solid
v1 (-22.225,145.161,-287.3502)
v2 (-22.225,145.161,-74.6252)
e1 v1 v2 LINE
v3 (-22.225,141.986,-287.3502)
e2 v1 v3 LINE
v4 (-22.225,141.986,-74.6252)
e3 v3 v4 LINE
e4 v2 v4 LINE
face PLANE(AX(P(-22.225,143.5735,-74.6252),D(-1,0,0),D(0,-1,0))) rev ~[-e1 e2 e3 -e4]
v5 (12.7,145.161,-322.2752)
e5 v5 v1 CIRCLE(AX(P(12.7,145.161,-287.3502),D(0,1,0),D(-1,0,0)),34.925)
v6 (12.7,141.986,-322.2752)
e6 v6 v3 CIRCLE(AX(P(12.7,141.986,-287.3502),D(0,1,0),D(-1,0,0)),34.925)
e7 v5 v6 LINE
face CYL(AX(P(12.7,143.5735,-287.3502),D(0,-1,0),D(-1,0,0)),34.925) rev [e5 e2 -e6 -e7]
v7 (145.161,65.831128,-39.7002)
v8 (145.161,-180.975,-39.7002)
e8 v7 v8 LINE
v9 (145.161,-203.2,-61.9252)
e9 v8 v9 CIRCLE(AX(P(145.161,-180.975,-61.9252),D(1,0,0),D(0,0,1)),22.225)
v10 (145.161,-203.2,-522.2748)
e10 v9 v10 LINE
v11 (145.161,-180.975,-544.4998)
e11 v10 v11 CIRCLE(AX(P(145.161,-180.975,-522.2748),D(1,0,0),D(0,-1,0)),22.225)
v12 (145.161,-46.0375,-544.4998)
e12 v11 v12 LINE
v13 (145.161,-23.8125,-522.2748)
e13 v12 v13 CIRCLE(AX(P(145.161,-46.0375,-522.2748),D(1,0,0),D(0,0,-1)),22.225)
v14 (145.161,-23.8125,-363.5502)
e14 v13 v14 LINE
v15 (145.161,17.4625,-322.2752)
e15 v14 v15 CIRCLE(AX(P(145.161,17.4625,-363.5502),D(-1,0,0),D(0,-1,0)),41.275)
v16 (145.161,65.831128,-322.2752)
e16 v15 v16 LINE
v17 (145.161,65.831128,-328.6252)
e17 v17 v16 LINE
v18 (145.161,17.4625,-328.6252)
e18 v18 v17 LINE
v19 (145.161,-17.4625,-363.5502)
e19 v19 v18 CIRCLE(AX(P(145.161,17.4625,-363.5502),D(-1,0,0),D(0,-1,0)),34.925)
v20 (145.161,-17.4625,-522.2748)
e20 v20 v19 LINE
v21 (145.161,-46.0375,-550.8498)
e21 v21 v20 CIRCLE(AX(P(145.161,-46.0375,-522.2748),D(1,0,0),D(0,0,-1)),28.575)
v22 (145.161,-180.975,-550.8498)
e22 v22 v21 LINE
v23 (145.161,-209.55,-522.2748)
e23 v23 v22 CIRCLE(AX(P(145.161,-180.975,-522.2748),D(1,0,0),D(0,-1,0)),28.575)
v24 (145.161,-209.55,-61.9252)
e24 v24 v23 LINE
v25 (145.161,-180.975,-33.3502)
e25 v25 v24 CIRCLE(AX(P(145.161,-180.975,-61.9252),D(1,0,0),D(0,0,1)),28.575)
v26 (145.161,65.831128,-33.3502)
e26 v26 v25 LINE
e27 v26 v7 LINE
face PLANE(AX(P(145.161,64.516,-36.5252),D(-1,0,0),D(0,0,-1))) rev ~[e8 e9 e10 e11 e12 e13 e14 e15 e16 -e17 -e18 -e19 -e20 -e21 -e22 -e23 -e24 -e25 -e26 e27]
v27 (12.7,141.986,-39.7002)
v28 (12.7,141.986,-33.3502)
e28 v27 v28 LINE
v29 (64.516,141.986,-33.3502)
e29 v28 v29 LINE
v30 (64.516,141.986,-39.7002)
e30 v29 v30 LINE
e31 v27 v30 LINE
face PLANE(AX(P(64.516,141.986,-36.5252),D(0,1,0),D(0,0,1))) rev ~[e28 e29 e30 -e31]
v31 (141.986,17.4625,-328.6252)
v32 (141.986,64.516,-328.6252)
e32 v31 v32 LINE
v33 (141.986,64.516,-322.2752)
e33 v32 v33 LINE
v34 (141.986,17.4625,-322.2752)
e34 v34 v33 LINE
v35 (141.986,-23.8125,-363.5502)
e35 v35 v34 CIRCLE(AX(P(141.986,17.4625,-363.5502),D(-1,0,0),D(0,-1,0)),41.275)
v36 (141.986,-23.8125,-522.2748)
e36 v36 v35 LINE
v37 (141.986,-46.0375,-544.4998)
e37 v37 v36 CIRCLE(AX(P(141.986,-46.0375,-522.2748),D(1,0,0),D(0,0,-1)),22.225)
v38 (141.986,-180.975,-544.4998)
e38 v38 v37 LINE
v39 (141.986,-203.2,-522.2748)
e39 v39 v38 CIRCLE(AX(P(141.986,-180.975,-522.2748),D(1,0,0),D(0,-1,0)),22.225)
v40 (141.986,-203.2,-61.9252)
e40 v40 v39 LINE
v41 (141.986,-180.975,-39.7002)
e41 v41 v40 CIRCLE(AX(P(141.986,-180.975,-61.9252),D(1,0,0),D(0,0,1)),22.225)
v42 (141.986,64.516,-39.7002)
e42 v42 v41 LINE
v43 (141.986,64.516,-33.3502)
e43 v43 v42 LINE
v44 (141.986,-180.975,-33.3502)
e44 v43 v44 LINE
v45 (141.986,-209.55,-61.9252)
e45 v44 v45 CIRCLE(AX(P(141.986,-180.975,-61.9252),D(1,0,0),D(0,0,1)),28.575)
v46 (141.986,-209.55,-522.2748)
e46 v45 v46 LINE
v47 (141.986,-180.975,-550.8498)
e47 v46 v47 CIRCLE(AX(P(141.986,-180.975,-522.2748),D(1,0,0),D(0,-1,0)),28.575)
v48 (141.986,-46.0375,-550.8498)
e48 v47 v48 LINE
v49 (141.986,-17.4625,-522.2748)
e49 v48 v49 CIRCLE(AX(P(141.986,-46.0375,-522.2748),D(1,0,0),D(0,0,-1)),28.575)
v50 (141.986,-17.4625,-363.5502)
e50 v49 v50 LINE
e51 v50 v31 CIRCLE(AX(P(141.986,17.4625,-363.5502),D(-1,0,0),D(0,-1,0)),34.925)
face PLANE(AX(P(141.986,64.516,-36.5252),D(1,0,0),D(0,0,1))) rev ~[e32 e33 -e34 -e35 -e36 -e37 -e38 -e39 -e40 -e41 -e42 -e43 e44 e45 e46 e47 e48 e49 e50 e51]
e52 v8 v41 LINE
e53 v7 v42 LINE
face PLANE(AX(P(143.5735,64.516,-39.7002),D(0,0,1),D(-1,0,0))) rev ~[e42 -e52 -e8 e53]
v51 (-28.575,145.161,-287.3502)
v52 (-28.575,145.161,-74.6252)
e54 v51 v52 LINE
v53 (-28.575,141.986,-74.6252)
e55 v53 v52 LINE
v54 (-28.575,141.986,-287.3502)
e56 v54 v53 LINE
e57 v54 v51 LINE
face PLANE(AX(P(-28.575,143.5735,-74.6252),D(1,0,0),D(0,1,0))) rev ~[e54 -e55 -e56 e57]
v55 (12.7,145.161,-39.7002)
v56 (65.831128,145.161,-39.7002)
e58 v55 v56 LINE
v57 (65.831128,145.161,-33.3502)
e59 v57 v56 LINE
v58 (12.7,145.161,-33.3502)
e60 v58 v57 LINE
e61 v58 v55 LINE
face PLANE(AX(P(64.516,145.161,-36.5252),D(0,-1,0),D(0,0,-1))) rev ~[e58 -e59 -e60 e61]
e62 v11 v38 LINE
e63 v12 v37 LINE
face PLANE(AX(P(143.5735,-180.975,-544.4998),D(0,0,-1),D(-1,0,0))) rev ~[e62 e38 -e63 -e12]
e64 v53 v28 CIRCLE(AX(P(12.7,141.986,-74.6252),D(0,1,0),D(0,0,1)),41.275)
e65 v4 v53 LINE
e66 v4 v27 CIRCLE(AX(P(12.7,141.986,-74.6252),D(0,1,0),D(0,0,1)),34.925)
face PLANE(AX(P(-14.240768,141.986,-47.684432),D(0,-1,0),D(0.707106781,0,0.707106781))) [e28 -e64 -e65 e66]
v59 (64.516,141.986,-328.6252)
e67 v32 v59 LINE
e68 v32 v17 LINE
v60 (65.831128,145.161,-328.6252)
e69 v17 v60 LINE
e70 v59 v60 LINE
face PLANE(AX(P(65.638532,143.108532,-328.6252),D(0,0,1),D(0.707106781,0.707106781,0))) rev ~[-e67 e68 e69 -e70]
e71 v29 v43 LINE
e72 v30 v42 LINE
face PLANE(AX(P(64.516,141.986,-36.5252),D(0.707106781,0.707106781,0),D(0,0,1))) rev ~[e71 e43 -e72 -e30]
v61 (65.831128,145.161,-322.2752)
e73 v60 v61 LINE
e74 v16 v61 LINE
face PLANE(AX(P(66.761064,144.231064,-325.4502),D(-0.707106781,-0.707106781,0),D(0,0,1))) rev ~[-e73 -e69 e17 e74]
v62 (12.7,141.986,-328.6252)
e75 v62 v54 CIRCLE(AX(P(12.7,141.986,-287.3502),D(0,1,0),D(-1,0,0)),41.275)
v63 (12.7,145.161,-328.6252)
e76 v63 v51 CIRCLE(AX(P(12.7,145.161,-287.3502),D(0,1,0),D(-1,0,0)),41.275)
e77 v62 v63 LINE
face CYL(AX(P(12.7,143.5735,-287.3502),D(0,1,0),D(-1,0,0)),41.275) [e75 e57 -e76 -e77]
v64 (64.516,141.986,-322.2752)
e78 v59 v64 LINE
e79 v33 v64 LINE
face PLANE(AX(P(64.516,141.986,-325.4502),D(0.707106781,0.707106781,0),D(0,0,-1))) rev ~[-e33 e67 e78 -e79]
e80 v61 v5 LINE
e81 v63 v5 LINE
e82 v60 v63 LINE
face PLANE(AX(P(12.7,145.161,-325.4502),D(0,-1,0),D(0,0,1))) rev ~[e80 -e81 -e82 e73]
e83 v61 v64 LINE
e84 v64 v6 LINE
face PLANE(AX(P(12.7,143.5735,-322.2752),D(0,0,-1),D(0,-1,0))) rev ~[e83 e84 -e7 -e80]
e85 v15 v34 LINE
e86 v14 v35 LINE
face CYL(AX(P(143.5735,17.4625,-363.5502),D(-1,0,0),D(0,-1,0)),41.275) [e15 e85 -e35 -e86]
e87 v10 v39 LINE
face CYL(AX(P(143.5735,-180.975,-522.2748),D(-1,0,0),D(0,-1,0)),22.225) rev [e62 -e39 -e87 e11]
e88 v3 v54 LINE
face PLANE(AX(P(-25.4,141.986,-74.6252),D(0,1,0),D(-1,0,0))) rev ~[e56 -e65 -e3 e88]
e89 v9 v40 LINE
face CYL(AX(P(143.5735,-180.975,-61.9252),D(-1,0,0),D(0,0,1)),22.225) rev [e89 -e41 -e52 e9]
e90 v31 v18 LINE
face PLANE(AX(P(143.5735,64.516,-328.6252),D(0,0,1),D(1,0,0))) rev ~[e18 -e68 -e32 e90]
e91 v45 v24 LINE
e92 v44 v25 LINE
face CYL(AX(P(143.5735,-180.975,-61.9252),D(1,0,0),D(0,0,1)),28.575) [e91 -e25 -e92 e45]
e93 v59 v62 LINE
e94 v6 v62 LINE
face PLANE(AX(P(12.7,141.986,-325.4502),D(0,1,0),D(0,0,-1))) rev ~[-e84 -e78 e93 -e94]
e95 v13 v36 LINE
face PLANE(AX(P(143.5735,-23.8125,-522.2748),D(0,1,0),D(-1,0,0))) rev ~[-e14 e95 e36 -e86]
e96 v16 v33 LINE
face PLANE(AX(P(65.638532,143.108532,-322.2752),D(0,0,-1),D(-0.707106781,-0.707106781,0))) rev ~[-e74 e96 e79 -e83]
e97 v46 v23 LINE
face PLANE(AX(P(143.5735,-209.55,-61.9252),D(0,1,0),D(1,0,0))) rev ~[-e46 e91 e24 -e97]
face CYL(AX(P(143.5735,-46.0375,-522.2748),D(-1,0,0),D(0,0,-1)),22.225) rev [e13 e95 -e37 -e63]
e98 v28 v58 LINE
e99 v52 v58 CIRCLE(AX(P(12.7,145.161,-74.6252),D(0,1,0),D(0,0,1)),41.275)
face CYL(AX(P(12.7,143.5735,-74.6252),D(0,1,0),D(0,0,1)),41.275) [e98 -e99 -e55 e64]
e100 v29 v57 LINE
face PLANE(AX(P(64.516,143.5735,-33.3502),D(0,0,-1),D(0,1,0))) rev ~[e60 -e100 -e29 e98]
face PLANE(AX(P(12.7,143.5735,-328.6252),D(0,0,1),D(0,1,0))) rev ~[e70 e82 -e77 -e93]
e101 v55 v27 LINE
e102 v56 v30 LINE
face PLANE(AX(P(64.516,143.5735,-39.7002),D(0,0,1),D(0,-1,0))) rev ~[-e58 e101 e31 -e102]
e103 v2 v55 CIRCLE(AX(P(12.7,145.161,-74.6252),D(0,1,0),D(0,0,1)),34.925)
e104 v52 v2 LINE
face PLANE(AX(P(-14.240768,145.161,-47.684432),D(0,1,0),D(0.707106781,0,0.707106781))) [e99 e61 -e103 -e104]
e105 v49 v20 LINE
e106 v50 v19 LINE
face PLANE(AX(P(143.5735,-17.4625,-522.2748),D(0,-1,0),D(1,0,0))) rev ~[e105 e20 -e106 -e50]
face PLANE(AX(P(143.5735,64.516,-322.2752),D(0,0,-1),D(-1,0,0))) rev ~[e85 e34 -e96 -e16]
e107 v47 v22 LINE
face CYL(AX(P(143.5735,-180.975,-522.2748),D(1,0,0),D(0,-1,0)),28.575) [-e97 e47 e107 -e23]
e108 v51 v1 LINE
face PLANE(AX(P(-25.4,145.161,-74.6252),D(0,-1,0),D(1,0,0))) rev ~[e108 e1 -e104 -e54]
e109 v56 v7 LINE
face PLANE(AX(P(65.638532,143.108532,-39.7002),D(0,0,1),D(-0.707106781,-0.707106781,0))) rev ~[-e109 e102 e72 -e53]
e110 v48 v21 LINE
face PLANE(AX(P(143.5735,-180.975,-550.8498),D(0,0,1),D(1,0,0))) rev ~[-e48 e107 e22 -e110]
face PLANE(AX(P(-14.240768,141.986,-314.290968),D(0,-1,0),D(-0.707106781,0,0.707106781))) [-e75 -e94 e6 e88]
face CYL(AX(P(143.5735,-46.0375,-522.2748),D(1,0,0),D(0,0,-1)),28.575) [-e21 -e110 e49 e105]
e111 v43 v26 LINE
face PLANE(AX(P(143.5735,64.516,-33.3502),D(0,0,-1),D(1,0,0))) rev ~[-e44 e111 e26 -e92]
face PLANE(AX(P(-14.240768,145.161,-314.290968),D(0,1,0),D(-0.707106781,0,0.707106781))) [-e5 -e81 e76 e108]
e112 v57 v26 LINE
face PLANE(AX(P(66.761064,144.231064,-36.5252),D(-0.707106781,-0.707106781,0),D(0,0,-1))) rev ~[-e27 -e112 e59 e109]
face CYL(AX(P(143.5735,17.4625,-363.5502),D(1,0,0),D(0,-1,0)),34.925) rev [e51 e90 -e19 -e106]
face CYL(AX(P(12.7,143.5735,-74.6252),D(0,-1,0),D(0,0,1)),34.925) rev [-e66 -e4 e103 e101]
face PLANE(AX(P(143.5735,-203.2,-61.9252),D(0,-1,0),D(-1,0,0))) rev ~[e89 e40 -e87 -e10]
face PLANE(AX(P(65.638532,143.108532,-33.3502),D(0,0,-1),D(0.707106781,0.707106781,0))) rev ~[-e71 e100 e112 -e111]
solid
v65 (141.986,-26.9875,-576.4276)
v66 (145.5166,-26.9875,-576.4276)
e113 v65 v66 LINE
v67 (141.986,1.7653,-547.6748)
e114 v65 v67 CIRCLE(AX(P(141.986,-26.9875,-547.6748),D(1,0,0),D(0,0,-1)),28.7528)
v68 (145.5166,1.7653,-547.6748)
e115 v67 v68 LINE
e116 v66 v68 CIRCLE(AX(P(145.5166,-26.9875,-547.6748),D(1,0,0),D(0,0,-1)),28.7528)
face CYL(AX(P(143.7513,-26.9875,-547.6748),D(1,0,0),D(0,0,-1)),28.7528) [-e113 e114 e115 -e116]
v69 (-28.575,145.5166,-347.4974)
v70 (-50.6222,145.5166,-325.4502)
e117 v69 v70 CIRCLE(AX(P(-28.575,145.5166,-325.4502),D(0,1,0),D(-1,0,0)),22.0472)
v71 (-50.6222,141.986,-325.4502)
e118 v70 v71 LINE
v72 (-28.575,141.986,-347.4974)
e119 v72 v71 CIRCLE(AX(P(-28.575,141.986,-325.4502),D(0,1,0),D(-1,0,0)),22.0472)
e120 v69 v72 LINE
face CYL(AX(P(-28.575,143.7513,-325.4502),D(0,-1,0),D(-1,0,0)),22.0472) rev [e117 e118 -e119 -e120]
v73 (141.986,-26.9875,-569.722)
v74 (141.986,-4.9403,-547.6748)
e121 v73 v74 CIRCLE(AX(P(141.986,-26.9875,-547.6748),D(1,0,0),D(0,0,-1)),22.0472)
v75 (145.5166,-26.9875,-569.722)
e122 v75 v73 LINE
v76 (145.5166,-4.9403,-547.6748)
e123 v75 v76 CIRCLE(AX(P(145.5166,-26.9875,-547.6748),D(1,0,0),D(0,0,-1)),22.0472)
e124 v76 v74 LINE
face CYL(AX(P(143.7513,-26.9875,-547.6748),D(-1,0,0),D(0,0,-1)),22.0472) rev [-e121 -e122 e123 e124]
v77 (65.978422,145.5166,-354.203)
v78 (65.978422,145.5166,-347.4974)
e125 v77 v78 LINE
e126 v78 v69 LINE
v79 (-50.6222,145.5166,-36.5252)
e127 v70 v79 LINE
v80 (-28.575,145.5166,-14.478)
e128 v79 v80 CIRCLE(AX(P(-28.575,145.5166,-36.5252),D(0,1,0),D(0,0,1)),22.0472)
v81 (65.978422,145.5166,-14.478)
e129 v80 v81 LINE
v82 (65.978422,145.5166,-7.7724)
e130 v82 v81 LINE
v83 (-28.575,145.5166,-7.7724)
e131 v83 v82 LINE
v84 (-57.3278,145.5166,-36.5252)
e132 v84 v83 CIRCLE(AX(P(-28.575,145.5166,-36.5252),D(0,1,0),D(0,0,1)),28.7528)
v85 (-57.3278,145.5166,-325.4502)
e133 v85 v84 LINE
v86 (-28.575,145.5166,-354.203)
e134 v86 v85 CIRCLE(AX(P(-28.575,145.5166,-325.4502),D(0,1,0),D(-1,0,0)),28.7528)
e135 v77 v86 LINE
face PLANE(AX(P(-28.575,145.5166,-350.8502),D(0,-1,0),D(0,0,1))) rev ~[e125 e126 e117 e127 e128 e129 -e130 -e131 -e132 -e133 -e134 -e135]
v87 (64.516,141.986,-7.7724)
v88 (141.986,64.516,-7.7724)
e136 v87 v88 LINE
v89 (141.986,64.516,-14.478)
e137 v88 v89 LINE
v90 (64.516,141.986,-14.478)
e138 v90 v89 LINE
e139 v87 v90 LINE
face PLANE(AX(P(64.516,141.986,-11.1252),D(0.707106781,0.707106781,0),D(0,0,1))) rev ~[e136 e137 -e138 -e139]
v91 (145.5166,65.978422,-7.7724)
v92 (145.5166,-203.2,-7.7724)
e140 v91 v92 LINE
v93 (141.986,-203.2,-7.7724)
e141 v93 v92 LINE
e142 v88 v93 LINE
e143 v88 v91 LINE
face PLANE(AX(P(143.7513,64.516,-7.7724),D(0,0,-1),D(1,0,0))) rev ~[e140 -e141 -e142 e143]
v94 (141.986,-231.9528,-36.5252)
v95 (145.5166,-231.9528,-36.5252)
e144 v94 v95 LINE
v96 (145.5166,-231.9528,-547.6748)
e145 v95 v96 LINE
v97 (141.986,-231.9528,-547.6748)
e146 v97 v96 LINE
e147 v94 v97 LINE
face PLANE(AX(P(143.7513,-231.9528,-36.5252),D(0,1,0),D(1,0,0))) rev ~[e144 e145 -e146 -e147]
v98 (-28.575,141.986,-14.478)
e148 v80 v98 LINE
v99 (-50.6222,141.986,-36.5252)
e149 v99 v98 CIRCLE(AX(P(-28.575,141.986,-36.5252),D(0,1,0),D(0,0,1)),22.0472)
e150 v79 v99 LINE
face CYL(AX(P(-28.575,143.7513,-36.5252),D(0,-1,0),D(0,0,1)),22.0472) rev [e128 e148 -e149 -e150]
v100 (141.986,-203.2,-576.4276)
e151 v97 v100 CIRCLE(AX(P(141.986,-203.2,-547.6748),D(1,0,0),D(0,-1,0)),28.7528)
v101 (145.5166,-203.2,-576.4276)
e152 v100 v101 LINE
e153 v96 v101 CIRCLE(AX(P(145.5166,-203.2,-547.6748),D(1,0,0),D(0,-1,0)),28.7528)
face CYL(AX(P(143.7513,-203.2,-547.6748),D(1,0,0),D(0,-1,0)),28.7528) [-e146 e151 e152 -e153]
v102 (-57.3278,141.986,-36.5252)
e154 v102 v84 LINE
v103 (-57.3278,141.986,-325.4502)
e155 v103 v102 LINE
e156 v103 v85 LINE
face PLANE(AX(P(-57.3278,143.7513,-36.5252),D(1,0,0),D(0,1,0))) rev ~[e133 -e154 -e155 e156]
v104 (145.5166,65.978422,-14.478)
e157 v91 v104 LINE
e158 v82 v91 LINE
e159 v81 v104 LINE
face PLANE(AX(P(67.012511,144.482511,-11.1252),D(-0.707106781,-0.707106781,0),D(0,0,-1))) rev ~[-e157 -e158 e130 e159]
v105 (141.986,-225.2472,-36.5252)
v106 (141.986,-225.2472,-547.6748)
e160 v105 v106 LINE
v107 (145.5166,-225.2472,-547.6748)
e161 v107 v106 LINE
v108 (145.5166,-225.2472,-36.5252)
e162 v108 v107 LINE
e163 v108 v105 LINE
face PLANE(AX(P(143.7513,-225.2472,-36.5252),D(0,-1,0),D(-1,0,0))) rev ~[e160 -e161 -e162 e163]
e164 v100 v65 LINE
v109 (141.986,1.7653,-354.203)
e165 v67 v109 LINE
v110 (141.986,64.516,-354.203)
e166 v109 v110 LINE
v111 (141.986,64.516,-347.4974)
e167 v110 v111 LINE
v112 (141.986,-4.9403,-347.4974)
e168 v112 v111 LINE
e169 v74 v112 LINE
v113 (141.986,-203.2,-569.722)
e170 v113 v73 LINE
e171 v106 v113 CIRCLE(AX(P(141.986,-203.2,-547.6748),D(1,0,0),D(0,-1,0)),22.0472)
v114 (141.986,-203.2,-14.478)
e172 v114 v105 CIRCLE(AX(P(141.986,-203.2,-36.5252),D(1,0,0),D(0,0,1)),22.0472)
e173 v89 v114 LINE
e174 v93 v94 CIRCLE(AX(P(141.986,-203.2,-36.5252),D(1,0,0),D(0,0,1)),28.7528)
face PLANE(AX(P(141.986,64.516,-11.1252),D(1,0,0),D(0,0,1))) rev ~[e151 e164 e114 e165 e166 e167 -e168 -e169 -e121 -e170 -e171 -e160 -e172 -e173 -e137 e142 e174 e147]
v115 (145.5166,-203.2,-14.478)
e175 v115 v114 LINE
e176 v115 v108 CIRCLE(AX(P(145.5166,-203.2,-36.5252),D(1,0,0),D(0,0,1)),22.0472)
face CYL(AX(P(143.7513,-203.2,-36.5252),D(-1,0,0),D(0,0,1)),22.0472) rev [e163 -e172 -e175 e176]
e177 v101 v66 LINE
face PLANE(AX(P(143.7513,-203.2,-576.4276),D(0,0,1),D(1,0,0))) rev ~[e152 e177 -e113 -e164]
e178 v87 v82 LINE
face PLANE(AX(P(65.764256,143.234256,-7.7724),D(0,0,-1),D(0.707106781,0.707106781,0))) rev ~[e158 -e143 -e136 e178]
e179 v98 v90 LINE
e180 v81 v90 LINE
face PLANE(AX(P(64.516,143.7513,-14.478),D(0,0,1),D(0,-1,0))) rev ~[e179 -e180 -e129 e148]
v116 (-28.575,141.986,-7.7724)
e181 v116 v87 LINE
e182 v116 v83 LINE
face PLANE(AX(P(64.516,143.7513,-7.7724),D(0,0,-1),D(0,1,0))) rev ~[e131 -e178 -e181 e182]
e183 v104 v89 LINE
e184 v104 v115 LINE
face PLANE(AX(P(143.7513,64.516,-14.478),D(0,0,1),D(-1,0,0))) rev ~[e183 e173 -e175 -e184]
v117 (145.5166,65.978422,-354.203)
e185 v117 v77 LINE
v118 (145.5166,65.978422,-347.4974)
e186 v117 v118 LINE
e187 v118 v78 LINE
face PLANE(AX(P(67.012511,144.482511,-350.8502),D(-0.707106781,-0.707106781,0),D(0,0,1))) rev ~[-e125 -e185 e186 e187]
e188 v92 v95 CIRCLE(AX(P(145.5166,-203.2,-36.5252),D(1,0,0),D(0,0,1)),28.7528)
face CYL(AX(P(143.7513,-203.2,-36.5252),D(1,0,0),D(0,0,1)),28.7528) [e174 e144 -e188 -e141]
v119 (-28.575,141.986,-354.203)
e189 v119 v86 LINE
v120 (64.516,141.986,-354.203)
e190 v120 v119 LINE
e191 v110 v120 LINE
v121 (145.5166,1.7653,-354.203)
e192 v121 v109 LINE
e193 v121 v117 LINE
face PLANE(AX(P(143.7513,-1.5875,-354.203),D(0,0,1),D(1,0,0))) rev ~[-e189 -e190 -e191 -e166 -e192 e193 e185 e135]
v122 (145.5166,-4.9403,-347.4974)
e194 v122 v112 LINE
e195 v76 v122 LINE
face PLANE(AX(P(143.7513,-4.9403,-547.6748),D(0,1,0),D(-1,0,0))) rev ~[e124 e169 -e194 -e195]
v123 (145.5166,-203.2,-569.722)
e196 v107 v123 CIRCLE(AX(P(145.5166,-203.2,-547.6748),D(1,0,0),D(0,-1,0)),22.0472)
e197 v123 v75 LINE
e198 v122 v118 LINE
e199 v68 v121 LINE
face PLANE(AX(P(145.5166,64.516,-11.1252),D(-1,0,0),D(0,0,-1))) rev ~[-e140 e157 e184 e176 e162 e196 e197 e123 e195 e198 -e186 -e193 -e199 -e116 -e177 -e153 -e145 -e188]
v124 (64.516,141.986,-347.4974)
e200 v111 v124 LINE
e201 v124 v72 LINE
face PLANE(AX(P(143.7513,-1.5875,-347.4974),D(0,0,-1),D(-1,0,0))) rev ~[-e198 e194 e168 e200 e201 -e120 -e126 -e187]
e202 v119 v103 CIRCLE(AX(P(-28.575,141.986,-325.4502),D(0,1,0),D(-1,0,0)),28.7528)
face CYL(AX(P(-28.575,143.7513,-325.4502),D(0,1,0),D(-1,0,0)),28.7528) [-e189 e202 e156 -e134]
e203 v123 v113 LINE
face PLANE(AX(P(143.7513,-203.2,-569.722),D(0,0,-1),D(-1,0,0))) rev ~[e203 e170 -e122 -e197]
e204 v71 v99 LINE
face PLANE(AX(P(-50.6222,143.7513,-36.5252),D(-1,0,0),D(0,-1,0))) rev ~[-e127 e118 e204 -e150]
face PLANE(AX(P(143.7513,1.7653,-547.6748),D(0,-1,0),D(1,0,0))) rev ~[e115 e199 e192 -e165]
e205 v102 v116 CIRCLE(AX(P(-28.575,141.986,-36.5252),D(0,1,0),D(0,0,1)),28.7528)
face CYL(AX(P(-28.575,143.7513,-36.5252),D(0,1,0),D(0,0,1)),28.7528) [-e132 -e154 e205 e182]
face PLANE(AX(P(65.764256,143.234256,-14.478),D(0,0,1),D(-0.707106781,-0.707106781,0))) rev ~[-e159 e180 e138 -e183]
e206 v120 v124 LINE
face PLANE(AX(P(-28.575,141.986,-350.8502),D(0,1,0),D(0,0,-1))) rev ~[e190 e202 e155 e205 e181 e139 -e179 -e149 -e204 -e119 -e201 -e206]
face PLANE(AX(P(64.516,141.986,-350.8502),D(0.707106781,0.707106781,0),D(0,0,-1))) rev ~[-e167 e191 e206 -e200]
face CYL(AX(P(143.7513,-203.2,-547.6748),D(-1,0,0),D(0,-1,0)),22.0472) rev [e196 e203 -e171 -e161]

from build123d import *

# Parameters (mm, degrees)
SKETCH4_W = 6.7056
SKETCH4_H = 3.5306
SKETCH5_W = 3.175
SKETCH5_H = 6.35


with BuildPart() as part:
    # Sweep1: sweep along a curve in space
    with BuildLine() as sweep1_path:
        Line((141.986, 64.516, -11.1252), (141.986, -203.2, -11.1252))
        ThreePointArc((141.986, -203.2, -11.1252), (141.986, -221.160512242, -18.564687758), (141.986, -228.6, -36.5252))
        Line((141.986, -228.6, -36.5252), (141.986, -228.6, -547.6748))
        ThreePointArc((141.986, -228.6, -547.6748), (141.986, -221.160512242, -565.635312242), (141.986, -203.2, -573.0748))
        Line((141.986, -203.2, -573.0748), (141.986, -26.9875, -573.0748))
        ThreePointArc((141.986, -26.9875, -573.0748), (141.986, -9.026987758, -565.635312242), (141.986, -1.5875, -547.6748))
        Line((141.986, -1.5875, -547.6748), (141.986, -1.5875, -350.8502))
        Line((141.986, -1.5875, -350.8502), (141.986, 64.516, -350.8502))
        Line((64.516, 141.986, -350.8502), (141.986, 64.516, -350.8502))
        Line((-28.575, 141.986, -350.8502), (64.516, 141.986, -350.8502))
        ThreePointArc((-53.975, 141.986, -325.4502), (-46.535512242, 141.986, -343.410712242), (-28.575, 141.986, -350.8502))
        Line((-53.975, 141.986, -36.5252), (-53.975, 141.986, -325.4502))
        ThreePointArc((-28.575, 141.986, -11.1252), (-46.535512242, 141.986, -18.564687758), (-53.975, 141.986, -36.5252))
        Line((64.516, 141.986, -11.1252), (-28.575, 141.986, -11.1252))
        Line((64.516, 141.986, -11.1252), (141.986, 64.516, -11.1252))
    # Sketch4 → Sweep1 (sweep)
    with BuildSketch(Plane(origin=(0, 0, 0), x_dir=(0, 0, -1), z_dir=(0, 1, 0))):
        with Locations((11.1252, -143.7513)):
            Rectangle(SKETCH4_W, SKETCH4_H)
    sweep(path=sweep1_path.line, transition=Transition.RIGHT)


with BuildPart() as body_2:
    # Sweep2: sweep along a curve in space
    with BuildLine() as sweep2_path:
        Line((141.986, 64.516, -36.5252), (141.986, -180.975, -36.5252))
        ThreePointArc((141.986, -180.975, -36.5252), (141.986, -198.935512242, -43.964687758), (141.986, -206.375, -61.9252))
        Line((141.986, -206.375, -61.9252), (141.986, -206.375, -522.2748))
        ThreePointArc((141.986, -206.375, -522.2748), (141.986, -198.935512242, -540.235312242), (141.986, -180.975, -547.6748))
        Line((141.986, -180.975, -547.6748), (141.986, -46.0375, -547.6748))
        ThreePointArc((141.986, -46.0375, -547.6748), (141.986, -28.076987758, -540.235312242), (141.986, -20.6375, -522.2748))
        Line((141.986, -20.6375, -522.2748), (141.986, -20.6375, -363.5502))
        ThreePointArc((141.986, -20.6375, -363.5502), (141.986, -9.478268363, -336.609431637), (141.986, 17.4625, -325.4502))
        Line((141.986, 64.516, -325.4502), (141.986, 17.4625, -325.4502))
        Line((64.516, 141.986, -325.4502), (141.986, 64.516, -325.4502))
        Line((12.7, 141.986, -325.4502), (64.516, 141.986, -325.4502))
        ThreePointArc((-25.4, 141.986, -287.3502), (-14.240768363, 141.986, -314.290968363), (12.7, 141.986, -325.4502))
        Line((-25.4, 141.986, -74.6252), (-25.4, 141.986, -287.3502))
        ThreePointArc((12.7, 141.986, -36.5252), (-14.240768363, 141.986, -47.684431637), (-25.4, 141.986, -74.6252))
        Line((64.516, 141.986, -36.5252), (12.7, 141.986, -36.5252))
        Line((64.516, 141.986, -36.5252), (141.986, 64.516, -36.5252))
    # Sketch5 → Sweep2 (sweep)
    with BuildSketch(Plane(origin=(0, 0, 0), x_dir=(1, 0, 0), z_dir=(0, 1, 0))):
        with Locations((143.5735, 36.5252)):
            Rectangle(SKETCH5_W, SKETCH5_H)
    sweep(path=sweep2_path.line, transition=Transition.RIGHT)


solid = Compound([part.part, body_2.part])
